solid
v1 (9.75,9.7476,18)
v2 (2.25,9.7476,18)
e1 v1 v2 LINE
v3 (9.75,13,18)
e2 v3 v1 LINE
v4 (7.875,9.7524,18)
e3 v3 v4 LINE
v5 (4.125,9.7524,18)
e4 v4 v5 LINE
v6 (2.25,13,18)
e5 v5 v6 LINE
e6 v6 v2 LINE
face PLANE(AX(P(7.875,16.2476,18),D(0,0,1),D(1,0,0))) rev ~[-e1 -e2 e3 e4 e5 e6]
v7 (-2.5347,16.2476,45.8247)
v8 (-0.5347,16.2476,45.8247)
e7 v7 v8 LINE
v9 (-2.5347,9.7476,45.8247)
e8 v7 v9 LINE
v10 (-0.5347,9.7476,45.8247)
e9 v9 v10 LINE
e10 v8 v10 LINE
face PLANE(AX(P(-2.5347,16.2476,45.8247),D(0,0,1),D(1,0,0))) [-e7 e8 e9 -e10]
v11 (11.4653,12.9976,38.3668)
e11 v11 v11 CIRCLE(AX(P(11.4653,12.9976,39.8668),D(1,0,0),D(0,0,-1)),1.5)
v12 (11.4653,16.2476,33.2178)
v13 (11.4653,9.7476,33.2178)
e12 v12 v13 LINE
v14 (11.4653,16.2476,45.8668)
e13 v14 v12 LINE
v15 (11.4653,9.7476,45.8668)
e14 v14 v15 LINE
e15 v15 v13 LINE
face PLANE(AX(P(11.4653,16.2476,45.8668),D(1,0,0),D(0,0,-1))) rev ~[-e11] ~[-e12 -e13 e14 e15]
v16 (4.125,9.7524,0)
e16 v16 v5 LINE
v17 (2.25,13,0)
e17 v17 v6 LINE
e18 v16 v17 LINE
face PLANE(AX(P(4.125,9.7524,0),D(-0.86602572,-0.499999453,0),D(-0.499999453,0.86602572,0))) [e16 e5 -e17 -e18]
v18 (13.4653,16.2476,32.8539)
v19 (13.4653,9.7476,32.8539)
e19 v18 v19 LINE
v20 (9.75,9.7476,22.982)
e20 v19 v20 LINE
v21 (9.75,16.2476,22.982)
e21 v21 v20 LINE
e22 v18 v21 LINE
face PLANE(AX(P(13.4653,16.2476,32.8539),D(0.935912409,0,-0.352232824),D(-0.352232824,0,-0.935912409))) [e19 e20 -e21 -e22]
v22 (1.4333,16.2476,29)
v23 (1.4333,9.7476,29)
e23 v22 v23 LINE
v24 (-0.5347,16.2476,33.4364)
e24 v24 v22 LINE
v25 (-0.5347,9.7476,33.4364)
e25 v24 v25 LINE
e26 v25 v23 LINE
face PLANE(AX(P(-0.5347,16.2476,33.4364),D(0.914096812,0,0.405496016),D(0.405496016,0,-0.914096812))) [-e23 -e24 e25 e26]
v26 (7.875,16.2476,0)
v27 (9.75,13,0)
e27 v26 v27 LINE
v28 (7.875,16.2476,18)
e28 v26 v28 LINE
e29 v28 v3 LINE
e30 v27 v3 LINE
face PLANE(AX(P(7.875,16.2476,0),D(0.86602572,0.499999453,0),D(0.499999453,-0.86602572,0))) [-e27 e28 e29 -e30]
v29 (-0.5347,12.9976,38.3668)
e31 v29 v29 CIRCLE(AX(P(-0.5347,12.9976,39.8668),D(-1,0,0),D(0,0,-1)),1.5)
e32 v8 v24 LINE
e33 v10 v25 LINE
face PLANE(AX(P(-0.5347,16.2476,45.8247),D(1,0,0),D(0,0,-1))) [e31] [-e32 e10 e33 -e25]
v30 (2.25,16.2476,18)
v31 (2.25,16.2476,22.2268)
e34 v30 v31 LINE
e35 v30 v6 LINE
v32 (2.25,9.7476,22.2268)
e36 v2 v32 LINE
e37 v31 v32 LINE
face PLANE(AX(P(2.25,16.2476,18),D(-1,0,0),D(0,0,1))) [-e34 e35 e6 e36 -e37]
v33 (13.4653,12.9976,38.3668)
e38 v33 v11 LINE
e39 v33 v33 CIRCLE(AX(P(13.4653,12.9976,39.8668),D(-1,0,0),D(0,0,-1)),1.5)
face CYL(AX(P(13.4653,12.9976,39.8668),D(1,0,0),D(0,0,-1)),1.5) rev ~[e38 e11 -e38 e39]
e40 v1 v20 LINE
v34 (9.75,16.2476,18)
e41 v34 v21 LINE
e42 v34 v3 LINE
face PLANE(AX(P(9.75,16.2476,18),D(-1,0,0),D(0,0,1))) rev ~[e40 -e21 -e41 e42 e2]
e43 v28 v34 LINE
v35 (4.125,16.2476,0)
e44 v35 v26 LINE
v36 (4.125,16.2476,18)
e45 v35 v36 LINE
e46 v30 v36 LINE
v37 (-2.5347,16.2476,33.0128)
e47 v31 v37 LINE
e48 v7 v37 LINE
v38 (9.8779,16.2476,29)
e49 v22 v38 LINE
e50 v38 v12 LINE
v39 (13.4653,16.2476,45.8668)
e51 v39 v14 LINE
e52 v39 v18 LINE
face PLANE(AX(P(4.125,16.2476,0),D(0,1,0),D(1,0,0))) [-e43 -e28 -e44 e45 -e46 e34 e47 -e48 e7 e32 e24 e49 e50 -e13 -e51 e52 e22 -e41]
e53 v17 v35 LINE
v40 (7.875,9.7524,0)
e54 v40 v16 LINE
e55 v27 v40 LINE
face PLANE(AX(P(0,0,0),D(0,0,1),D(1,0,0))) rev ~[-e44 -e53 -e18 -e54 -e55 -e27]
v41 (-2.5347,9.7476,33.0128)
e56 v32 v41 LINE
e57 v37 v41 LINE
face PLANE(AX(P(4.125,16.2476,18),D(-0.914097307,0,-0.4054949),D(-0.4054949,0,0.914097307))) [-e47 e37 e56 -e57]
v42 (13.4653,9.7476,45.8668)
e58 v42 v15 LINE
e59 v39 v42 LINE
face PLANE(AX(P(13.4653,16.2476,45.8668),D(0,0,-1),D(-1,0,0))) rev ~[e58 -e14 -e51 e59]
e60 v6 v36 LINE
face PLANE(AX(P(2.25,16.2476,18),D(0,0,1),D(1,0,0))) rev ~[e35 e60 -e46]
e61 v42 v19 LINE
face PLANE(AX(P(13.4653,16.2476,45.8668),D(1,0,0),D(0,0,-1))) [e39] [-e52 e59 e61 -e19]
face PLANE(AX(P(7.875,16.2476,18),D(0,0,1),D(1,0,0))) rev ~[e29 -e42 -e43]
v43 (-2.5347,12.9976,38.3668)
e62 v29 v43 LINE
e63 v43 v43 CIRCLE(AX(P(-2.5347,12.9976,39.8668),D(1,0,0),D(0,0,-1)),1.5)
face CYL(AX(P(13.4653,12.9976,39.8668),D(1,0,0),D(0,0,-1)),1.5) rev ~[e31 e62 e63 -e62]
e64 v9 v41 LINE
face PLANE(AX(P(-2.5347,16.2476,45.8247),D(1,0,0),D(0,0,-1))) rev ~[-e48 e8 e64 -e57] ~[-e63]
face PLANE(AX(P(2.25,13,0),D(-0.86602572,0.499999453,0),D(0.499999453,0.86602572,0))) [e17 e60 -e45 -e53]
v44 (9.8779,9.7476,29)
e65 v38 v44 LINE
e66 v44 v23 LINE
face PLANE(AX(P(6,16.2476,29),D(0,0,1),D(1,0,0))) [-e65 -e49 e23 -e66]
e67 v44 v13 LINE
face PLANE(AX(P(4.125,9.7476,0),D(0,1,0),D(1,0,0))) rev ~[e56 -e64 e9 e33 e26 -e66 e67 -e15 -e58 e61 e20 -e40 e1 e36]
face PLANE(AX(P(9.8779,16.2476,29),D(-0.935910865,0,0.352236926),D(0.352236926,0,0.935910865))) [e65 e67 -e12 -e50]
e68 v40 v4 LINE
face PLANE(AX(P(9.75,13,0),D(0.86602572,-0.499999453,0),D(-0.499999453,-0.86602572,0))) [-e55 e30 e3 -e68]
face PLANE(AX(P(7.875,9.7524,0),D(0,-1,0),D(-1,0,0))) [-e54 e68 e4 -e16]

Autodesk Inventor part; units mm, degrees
ref_plane "YZ Plane" through (0, 0, 0) normal (1, 0, 0) x (0, 1, 0)
ref_plane "XZ Plane" through (0, 0, 0) normal (0, 1, 0) x (-1, 0, 0)
ref_plane "XY Plane" through (0, 0, 0) normal (0, 0, 1) x (1, 0, 0)
sketch "Sketch1" plane through (0, 0, 0) normal (0, 0, 1) x (1, 0, 0)
  line L0 (9.75, 13) -> (7.875, 9.7524)
  line L1 (7.875, 9.7524) -> (4.125, 9.7524)
  line L2 (4.125, 9.7524) -> (2.25, 13)
  line L3 (2.25, 13) -> (4.125, 16.2476)
  line L4 (4.125, 16.2476) -> (7.875, 16.2476)
  line L5 (7.875, 16.2476) -> (9.75, 13)
  point P0 (0, 0)
  point P1 (6, 13)
  dimension "d0" = 7.5
extrude "Extrusion1" add sketch "Sketch1" along normal blind 18
sketch "Sketch2" plane through (4.125, 16.2476, 0) normal (0, 1, 0) x (1, 0, 0)
  line L0 (3.75, -18) -> (5.625, -18) projected
  line L1 (3.75, -18) -> (0, -18) projected
  line L2 (0, -18) -> (-6.6597, -33.0128)
  line L3 (-1.875, 0) -> (-1.875, -18) projected
  line L4 (-6.6597, -45.8247) -> (-6.6597, -33.0128)
  line L5 (3.75, -18) -> (1.875, -18)
  line L6 (9.3403, -45.8668) -> (9.3403, -32.8539)
  line L7 (9.3403, -32.8539) -> (3.75, -18)
  line L8 (9.3403, -45.8668) -> (7.3403, -45.8668)
  line L9 (7.3403, -45.8668) -> (7.3403, -33.2178)
  line L10 (-6.6597, -45.8247) -> (-4.6597, -45.8247)
  line L11 (-4.6597, -45.8247) -> (-4.6597, -33.4364)
  line L12 (2.1735, -18.0436) -> (2.158, -18)
  line L13 (1.875, -29) -> (5.7529, -29)
  line L14 (-2.6917, -29) -> (1.875, -29)
  line L15 (-4.6597, -33.4364) -> (-2.6917, -29)
  line L16 (5.7529, -29) -> (7.3403, -33.2178)
  line L17 (1.875, -18) -> (1.875, -45.8247)
  point P0 (-4.125, 0)
  dimension "d12" = 2
  dimension "d13" = 2
  dimension "d16" = 27.8247
  dimension "d17" = 11
  dimension "d21" = 12
  dimension "d31" = 2
  dimension "d32" = 2
extrude "Extrusion2" add sketch "Sketch2" against normal blind 6.5
sketch "Sketch3" plane through (-2.5347, 9.7476, 33.0128) normal (-0.9141, 0, -0.4055) x (-0.4055, 0, 0.9141)
  point P0 (-31.2047, -9.7476)
sketch "Sketch5" plane through (4.125, 16.2476, 0) normal (0, 1, 0) x (1, 0, 0)
  line L0 (-1.875, -18) -> (0, -18) projected
  line L1 (-1.875, -18) -> (-1.875, -22.2268)
  line L2 (0, -18) -> (-6.6597, -33.0128) projected
  line L3 (3.75, -18) -> (5.625, -18) projected
  line L4 (5.625, -18) -> (5.625, -22.982)
  line L5 (9.3403, -32.8539) -> (3.75, -18) projected
  point P0 (-4.125, 0)
extrude "Extrusion3" add sketch "Sketch5" against normal blind 6.5
sketch "Sketch6" plane through (13.4653, 16.2476, 45.8668) normal (1, 0, 0) x (0, 0, -1)
  line L0 (0, 0) -> (0, -3.25)
  line L1 (0, 0) -> (0, -6.5) projected
  line L2 (0, -3.25) -> (6, -3.25)
  circle A0 centre (6, -3.25) radius 1.5
  point P0 (45.8668, -16.2476)
  dimension "d27" = 6
  dimension "d28" = 3
extrude "Extrusion4" cut sketch "Sketch6" against normal through all
properties part number "Test de pincev2"
